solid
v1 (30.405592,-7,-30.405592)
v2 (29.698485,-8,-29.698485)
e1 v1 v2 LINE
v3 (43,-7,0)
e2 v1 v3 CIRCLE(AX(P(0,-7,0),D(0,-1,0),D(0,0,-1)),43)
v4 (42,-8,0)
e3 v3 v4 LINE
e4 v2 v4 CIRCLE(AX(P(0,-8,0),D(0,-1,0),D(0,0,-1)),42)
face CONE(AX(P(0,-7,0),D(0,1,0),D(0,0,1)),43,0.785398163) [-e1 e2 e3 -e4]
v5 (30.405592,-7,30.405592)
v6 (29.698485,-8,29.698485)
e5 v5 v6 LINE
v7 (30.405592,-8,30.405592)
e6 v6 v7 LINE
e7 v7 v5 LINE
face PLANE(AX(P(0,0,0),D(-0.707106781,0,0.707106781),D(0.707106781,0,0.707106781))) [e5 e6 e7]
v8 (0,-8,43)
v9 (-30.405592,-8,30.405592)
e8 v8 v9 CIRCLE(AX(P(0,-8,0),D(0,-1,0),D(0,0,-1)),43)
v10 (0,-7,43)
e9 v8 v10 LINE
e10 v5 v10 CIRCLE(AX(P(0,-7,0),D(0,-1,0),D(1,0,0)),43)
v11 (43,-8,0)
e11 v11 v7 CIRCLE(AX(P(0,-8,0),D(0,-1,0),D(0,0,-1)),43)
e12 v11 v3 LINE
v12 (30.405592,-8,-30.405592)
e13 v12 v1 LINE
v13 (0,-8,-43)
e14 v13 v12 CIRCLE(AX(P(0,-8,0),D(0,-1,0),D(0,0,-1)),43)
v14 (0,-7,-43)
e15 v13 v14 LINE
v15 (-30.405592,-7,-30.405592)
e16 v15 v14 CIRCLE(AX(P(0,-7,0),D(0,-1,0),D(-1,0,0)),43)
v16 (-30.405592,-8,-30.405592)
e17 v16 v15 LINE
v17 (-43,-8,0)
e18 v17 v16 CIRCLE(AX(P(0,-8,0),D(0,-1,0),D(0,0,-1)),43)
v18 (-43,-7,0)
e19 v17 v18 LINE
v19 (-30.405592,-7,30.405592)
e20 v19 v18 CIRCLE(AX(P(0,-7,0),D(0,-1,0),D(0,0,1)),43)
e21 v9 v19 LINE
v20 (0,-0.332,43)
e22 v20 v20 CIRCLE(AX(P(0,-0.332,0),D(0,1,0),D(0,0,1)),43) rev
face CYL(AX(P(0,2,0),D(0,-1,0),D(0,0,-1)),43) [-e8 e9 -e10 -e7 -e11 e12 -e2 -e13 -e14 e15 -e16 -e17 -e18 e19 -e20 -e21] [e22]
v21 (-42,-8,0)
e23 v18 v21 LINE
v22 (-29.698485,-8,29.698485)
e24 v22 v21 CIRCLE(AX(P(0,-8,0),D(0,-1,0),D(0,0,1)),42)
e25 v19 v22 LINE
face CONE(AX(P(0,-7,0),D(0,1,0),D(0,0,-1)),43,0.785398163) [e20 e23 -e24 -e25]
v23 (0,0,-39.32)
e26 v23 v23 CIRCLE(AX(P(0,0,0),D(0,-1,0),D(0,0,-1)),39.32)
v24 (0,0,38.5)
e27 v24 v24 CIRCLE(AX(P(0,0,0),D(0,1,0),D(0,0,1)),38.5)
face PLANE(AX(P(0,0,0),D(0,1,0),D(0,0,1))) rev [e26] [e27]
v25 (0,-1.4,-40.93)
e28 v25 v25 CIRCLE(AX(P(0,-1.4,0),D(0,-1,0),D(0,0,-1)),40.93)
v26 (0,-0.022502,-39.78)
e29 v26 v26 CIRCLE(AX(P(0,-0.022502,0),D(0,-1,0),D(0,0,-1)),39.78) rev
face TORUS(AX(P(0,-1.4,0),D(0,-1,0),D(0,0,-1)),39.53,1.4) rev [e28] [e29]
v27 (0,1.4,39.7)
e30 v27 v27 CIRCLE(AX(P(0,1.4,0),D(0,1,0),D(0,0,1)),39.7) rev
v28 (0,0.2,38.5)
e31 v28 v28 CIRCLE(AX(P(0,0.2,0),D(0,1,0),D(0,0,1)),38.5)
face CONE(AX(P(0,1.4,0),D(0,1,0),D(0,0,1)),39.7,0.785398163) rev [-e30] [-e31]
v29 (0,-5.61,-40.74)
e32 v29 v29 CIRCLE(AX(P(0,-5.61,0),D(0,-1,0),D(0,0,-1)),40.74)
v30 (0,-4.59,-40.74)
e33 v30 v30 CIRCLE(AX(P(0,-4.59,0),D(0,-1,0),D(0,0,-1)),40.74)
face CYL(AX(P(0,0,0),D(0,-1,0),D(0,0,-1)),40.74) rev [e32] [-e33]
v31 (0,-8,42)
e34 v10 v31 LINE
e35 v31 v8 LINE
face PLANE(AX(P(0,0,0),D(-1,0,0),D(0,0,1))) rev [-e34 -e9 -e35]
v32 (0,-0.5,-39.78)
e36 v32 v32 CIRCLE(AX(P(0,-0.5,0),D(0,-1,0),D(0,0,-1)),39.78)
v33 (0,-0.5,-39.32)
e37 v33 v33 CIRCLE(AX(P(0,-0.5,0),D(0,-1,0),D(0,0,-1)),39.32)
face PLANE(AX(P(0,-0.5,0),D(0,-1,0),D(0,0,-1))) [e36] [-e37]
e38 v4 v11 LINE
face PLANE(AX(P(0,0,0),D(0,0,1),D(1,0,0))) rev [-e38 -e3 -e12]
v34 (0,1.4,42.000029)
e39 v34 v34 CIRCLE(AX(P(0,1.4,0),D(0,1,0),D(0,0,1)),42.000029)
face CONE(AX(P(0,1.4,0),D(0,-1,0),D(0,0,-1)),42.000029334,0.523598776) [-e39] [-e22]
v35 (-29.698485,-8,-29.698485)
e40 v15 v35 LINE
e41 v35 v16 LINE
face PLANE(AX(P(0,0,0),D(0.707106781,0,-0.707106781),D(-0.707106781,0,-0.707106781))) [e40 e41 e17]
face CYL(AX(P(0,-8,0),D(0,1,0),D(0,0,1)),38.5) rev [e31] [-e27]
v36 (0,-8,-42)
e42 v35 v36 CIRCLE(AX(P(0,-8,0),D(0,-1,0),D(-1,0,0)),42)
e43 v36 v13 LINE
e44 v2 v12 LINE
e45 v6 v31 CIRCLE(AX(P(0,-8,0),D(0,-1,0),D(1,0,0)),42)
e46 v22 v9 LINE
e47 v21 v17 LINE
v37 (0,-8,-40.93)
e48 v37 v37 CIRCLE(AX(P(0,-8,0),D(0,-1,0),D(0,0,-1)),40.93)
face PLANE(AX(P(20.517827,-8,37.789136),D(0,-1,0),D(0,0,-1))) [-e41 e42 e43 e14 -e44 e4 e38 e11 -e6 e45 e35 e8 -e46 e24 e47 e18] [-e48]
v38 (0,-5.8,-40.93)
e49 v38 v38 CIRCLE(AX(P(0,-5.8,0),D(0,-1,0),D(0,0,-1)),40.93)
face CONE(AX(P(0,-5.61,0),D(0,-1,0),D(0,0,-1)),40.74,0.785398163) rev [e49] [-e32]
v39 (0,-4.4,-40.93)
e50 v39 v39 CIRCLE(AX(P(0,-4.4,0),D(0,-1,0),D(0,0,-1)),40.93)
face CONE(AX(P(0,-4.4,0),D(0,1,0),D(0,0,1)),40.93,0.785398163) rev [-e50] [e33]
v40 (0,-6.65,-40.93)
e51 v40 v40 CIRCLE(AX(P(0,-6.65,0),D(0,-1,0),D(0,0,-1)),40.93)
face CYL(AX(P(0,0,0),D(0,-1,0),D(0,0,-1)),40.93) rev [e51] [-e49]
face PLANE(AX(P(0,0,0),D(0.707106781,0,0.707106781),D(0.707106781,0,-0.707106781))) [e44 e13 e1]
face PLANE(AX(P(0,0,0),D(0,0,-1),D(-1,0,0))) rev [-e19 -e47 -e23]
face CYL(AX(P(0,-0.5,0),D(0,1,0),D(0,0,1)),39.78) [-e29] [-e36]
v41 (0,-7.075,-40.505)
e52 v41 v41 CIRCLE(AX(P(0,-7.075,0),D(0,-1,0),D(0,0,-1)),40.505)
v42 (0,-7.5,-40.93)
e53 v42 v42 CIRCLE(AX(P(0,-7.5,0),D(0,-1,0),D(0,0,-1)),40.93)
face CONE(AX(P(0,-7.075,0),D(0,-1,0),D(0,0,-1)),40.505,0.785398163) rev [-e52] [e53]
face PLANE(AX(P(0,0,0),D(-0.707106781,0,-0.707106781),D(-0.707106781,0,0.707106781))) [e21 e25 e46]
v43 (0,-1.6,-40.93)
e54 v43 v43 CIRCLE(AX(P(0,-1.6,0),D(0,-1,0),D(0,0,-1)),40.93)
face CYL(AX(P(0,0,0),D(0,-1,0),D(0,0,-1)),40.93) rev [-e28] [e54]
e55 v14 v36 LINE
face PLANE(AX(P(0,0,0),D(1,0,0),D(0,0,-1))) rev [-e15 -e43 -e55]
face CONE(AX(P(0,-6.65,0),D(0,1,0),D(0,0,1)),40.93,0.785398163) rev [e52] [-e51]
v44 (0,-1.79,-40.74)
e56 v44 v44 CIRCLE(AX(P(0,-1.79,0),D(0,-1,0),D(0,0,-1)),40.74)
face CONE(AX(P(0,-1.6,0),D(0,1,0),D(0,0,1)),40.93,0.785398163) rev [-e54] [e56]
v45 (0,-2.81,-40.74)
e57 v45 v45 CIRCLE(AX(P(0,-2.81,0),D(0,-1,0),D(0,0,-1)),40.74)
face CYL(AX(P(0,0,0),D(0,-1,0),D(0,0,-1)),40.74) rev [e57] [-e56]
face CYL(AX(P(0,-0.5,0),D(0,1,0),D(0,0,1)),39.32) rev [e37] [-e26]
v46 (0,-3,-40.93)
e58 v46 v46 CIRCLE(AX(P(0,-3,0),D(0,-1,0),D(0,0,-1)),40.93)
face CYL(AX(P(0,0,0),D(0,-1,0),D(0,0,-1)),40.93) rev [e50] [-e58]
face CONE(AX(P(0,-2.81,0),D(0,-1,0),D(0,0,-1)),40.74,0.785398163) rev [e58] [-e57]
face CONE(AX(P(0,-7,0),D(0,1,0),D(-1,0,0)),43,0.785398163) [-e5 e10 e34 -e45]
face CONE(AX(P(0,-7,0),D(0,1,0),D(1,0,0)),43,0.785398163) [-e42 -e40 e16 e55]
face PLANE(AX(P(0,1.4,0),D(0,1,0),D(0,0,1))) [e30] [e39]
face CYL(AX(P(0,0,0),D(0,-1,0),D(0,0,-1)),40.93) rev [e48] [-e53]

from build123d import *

# Parameters (mm, degrees)
SKETCH_1_R               = 43
EXTRUDE_1_DEPTH          = 2
SKETCH_3_R               = 38.5
CUT_EXTRUDE_1_DEPTH      = 62.627915753
CUT_EXTRUDE_START        = -0.6
SKETCH_5_R               = 43
CUT_EXTRUDE_3_DEPTH      = 0.6
CHAMFER_1_SIZE           = 1.2
CHAMFER_2_SIZE           = 1.732
CHAMFER_2_SIZE2          = 0.999970666
CUT_REVOLVE_1_ANGLE      = 45
PATTERN_CIRCULAR_1_COUNT = 4
SKETCH_7_R               = 39.78
SKETCH_7_R_2             = 39.32
EXTRUDE_2_DEPTH          = 0.5


with BuildPart() as part:
    # 草图1 → 凸台-拉伸1 (new body)
    with BuildSketch(Plane(origin=(0, 0, 0), x_dir=(1, 0, 0), z_dir=(0, 1, 0))):
        with Locations(Location((0, 0, 0), (0, 0, 270))):
            Circle(SKETCH_1_R)
    extrude(amount=EXTRUDE_1_DEPTH)

    # 草图2 → 旋转1 (revolve)
    with BuildSketch(Plane(origin=(0, 0, 0), x_dir=(0.47715876025962745, 0, 0.8788171126619551), z_dir=(-0.8788171126619551, 0, 0.47715876025962745)), mode=Mode.PRIVATE) as revolve_1_sk:
        with BuildLine():
            Line((40.93, -8), (40.93, -7.5))
            Line((40.93, -7.5), (40.505, -7.075))
            Line((40.505, -7.075), (40.93, -6.65))
            Line((40.93, -6.65), (40.93, -5.8))
            Line((40.93, -5.8), (40.74, -5.61))
            Line((40.74, -5.61), (40.74, -4.59))
            Line((40.74, -4.59), (40.93, -4.4))
            Line((40.93, -4.4), (40.93, -3))
            Line((40.93, -3), (40.74, -2.81))
            Line((40.74, -2.81), (40.74, -1.79))
            Line((40.74, -1.79), (40.93, -1.6))
            Line((40.93, -1.6), (40.93, -1.4))
            ThreePointArc((40.93, -1.4), (40.519949494, -0.410050506), (39.53, 0))
            Line((39.53, 0), (43, 0))
            Line((43, 0), (43, -8))
            Line((43, -8), (40.93, -8))
        make_face()
    revolve(revolve_1_sk.sketch.rotate(Axis((0, 0, 0), (0, 1, 0)), 151.5), axis=Axis((0, 0, 0), (0, 1, 0)))

    # 草图3 → 切除-拉伸1 (cut, through all)
    with BuildSketch(Plane(origin=(0, 2, 0), x_dir=(1, 0, 0), z_dir=(0, 1, 0))):
        with Locations(Location((0, 0, 0), (0, 0, 270))):
            Circle(SKETCH_3_R)
    extrude(amount=-CUT_EXTRUDE_1_DEPTH, mode=Mode.SUBTRACT)

    # 草图5 → 切除-拉伸3 (cut)
    with BuildSketch(Plane(origin=(0, 2, 0), x_dir=(1, 0, 0), z_dir=(0, 1, 0)).offset(CUT_EXTRUDE_START)):
        with Locations(Location((0, 0, 0), (0, 0, 90))):
            Circle(SKETCH_5_R)
    extrude(amount=CUT_EXTRUDE_3_DEPTH, mode=Mode.SUBTRACT)

    # 倒角1
    chamfer_1_edges = [part.edges().sort_by_distance(p)[0] for p in [
        (0, 1.4, -38.5),
    ]]
    chamfer(chamfer_1_edges, length=CHAMFER_1_SIZE)

    # 倒角2
    chamfer_2_edges = [part.edges().sort_by_distance(p)[0] for p in [
        (0, 1.4, -43),
    ]]
    chamfer_2_side = [part.faces().sort_by_distance(p)[0] for p in [
        (43, -3.3, 0),
    ]]
    chamfer(chamfer_2_edges, length=CHAMFER_2_SIZE, length2=CHAMFER_2_SIZE2, reference=chamfer_2_side[0])

    # 草图6 → 切除-旋转1 (revolve, cut)
    with BuildSketch(Plane.XY):
        Polygon((43, -8), (43, -7), (42, -8), align=None)
    cut_revolve_1 = revolve(axis=Axis((0, 0, 0), (0, 1, 0)), revolution_arc=CUT_REVOLVE_1_ANGLE, mode=Mode.SUBTRACT)

    # 阵列(圆周)1: 切除-旋转1 ×4 about axis
    pattern_circular_1_axis = Axis((0, 0, 0), (0, 1, 0))
    for i in range(1, PATTERN_CIRCULAR_1_COUNT):
        add(cut_revolve_1.rotate(pattern_circular_1_axis, i * 360 / PATTERN_CIRCULAR_1_COUNT), mode=Mode.SUBTRACT)

    # 草图7 → 凸台-拉伸2 (add)
    with BuildSketch(Plane.XZ):
        with Locations(Location((0, 0, 0), (0, 0, 270))):
            Circle(SKETCH_7_R)
        with Locations(Location((0, 0, 0), (0, 0, 270))):
            Circle(SKETCH_7_R_2, mode=Mode.SUBTRACT)
    extrude(amount=EXTRUDE_2_DEPTH)


solid = part.part
